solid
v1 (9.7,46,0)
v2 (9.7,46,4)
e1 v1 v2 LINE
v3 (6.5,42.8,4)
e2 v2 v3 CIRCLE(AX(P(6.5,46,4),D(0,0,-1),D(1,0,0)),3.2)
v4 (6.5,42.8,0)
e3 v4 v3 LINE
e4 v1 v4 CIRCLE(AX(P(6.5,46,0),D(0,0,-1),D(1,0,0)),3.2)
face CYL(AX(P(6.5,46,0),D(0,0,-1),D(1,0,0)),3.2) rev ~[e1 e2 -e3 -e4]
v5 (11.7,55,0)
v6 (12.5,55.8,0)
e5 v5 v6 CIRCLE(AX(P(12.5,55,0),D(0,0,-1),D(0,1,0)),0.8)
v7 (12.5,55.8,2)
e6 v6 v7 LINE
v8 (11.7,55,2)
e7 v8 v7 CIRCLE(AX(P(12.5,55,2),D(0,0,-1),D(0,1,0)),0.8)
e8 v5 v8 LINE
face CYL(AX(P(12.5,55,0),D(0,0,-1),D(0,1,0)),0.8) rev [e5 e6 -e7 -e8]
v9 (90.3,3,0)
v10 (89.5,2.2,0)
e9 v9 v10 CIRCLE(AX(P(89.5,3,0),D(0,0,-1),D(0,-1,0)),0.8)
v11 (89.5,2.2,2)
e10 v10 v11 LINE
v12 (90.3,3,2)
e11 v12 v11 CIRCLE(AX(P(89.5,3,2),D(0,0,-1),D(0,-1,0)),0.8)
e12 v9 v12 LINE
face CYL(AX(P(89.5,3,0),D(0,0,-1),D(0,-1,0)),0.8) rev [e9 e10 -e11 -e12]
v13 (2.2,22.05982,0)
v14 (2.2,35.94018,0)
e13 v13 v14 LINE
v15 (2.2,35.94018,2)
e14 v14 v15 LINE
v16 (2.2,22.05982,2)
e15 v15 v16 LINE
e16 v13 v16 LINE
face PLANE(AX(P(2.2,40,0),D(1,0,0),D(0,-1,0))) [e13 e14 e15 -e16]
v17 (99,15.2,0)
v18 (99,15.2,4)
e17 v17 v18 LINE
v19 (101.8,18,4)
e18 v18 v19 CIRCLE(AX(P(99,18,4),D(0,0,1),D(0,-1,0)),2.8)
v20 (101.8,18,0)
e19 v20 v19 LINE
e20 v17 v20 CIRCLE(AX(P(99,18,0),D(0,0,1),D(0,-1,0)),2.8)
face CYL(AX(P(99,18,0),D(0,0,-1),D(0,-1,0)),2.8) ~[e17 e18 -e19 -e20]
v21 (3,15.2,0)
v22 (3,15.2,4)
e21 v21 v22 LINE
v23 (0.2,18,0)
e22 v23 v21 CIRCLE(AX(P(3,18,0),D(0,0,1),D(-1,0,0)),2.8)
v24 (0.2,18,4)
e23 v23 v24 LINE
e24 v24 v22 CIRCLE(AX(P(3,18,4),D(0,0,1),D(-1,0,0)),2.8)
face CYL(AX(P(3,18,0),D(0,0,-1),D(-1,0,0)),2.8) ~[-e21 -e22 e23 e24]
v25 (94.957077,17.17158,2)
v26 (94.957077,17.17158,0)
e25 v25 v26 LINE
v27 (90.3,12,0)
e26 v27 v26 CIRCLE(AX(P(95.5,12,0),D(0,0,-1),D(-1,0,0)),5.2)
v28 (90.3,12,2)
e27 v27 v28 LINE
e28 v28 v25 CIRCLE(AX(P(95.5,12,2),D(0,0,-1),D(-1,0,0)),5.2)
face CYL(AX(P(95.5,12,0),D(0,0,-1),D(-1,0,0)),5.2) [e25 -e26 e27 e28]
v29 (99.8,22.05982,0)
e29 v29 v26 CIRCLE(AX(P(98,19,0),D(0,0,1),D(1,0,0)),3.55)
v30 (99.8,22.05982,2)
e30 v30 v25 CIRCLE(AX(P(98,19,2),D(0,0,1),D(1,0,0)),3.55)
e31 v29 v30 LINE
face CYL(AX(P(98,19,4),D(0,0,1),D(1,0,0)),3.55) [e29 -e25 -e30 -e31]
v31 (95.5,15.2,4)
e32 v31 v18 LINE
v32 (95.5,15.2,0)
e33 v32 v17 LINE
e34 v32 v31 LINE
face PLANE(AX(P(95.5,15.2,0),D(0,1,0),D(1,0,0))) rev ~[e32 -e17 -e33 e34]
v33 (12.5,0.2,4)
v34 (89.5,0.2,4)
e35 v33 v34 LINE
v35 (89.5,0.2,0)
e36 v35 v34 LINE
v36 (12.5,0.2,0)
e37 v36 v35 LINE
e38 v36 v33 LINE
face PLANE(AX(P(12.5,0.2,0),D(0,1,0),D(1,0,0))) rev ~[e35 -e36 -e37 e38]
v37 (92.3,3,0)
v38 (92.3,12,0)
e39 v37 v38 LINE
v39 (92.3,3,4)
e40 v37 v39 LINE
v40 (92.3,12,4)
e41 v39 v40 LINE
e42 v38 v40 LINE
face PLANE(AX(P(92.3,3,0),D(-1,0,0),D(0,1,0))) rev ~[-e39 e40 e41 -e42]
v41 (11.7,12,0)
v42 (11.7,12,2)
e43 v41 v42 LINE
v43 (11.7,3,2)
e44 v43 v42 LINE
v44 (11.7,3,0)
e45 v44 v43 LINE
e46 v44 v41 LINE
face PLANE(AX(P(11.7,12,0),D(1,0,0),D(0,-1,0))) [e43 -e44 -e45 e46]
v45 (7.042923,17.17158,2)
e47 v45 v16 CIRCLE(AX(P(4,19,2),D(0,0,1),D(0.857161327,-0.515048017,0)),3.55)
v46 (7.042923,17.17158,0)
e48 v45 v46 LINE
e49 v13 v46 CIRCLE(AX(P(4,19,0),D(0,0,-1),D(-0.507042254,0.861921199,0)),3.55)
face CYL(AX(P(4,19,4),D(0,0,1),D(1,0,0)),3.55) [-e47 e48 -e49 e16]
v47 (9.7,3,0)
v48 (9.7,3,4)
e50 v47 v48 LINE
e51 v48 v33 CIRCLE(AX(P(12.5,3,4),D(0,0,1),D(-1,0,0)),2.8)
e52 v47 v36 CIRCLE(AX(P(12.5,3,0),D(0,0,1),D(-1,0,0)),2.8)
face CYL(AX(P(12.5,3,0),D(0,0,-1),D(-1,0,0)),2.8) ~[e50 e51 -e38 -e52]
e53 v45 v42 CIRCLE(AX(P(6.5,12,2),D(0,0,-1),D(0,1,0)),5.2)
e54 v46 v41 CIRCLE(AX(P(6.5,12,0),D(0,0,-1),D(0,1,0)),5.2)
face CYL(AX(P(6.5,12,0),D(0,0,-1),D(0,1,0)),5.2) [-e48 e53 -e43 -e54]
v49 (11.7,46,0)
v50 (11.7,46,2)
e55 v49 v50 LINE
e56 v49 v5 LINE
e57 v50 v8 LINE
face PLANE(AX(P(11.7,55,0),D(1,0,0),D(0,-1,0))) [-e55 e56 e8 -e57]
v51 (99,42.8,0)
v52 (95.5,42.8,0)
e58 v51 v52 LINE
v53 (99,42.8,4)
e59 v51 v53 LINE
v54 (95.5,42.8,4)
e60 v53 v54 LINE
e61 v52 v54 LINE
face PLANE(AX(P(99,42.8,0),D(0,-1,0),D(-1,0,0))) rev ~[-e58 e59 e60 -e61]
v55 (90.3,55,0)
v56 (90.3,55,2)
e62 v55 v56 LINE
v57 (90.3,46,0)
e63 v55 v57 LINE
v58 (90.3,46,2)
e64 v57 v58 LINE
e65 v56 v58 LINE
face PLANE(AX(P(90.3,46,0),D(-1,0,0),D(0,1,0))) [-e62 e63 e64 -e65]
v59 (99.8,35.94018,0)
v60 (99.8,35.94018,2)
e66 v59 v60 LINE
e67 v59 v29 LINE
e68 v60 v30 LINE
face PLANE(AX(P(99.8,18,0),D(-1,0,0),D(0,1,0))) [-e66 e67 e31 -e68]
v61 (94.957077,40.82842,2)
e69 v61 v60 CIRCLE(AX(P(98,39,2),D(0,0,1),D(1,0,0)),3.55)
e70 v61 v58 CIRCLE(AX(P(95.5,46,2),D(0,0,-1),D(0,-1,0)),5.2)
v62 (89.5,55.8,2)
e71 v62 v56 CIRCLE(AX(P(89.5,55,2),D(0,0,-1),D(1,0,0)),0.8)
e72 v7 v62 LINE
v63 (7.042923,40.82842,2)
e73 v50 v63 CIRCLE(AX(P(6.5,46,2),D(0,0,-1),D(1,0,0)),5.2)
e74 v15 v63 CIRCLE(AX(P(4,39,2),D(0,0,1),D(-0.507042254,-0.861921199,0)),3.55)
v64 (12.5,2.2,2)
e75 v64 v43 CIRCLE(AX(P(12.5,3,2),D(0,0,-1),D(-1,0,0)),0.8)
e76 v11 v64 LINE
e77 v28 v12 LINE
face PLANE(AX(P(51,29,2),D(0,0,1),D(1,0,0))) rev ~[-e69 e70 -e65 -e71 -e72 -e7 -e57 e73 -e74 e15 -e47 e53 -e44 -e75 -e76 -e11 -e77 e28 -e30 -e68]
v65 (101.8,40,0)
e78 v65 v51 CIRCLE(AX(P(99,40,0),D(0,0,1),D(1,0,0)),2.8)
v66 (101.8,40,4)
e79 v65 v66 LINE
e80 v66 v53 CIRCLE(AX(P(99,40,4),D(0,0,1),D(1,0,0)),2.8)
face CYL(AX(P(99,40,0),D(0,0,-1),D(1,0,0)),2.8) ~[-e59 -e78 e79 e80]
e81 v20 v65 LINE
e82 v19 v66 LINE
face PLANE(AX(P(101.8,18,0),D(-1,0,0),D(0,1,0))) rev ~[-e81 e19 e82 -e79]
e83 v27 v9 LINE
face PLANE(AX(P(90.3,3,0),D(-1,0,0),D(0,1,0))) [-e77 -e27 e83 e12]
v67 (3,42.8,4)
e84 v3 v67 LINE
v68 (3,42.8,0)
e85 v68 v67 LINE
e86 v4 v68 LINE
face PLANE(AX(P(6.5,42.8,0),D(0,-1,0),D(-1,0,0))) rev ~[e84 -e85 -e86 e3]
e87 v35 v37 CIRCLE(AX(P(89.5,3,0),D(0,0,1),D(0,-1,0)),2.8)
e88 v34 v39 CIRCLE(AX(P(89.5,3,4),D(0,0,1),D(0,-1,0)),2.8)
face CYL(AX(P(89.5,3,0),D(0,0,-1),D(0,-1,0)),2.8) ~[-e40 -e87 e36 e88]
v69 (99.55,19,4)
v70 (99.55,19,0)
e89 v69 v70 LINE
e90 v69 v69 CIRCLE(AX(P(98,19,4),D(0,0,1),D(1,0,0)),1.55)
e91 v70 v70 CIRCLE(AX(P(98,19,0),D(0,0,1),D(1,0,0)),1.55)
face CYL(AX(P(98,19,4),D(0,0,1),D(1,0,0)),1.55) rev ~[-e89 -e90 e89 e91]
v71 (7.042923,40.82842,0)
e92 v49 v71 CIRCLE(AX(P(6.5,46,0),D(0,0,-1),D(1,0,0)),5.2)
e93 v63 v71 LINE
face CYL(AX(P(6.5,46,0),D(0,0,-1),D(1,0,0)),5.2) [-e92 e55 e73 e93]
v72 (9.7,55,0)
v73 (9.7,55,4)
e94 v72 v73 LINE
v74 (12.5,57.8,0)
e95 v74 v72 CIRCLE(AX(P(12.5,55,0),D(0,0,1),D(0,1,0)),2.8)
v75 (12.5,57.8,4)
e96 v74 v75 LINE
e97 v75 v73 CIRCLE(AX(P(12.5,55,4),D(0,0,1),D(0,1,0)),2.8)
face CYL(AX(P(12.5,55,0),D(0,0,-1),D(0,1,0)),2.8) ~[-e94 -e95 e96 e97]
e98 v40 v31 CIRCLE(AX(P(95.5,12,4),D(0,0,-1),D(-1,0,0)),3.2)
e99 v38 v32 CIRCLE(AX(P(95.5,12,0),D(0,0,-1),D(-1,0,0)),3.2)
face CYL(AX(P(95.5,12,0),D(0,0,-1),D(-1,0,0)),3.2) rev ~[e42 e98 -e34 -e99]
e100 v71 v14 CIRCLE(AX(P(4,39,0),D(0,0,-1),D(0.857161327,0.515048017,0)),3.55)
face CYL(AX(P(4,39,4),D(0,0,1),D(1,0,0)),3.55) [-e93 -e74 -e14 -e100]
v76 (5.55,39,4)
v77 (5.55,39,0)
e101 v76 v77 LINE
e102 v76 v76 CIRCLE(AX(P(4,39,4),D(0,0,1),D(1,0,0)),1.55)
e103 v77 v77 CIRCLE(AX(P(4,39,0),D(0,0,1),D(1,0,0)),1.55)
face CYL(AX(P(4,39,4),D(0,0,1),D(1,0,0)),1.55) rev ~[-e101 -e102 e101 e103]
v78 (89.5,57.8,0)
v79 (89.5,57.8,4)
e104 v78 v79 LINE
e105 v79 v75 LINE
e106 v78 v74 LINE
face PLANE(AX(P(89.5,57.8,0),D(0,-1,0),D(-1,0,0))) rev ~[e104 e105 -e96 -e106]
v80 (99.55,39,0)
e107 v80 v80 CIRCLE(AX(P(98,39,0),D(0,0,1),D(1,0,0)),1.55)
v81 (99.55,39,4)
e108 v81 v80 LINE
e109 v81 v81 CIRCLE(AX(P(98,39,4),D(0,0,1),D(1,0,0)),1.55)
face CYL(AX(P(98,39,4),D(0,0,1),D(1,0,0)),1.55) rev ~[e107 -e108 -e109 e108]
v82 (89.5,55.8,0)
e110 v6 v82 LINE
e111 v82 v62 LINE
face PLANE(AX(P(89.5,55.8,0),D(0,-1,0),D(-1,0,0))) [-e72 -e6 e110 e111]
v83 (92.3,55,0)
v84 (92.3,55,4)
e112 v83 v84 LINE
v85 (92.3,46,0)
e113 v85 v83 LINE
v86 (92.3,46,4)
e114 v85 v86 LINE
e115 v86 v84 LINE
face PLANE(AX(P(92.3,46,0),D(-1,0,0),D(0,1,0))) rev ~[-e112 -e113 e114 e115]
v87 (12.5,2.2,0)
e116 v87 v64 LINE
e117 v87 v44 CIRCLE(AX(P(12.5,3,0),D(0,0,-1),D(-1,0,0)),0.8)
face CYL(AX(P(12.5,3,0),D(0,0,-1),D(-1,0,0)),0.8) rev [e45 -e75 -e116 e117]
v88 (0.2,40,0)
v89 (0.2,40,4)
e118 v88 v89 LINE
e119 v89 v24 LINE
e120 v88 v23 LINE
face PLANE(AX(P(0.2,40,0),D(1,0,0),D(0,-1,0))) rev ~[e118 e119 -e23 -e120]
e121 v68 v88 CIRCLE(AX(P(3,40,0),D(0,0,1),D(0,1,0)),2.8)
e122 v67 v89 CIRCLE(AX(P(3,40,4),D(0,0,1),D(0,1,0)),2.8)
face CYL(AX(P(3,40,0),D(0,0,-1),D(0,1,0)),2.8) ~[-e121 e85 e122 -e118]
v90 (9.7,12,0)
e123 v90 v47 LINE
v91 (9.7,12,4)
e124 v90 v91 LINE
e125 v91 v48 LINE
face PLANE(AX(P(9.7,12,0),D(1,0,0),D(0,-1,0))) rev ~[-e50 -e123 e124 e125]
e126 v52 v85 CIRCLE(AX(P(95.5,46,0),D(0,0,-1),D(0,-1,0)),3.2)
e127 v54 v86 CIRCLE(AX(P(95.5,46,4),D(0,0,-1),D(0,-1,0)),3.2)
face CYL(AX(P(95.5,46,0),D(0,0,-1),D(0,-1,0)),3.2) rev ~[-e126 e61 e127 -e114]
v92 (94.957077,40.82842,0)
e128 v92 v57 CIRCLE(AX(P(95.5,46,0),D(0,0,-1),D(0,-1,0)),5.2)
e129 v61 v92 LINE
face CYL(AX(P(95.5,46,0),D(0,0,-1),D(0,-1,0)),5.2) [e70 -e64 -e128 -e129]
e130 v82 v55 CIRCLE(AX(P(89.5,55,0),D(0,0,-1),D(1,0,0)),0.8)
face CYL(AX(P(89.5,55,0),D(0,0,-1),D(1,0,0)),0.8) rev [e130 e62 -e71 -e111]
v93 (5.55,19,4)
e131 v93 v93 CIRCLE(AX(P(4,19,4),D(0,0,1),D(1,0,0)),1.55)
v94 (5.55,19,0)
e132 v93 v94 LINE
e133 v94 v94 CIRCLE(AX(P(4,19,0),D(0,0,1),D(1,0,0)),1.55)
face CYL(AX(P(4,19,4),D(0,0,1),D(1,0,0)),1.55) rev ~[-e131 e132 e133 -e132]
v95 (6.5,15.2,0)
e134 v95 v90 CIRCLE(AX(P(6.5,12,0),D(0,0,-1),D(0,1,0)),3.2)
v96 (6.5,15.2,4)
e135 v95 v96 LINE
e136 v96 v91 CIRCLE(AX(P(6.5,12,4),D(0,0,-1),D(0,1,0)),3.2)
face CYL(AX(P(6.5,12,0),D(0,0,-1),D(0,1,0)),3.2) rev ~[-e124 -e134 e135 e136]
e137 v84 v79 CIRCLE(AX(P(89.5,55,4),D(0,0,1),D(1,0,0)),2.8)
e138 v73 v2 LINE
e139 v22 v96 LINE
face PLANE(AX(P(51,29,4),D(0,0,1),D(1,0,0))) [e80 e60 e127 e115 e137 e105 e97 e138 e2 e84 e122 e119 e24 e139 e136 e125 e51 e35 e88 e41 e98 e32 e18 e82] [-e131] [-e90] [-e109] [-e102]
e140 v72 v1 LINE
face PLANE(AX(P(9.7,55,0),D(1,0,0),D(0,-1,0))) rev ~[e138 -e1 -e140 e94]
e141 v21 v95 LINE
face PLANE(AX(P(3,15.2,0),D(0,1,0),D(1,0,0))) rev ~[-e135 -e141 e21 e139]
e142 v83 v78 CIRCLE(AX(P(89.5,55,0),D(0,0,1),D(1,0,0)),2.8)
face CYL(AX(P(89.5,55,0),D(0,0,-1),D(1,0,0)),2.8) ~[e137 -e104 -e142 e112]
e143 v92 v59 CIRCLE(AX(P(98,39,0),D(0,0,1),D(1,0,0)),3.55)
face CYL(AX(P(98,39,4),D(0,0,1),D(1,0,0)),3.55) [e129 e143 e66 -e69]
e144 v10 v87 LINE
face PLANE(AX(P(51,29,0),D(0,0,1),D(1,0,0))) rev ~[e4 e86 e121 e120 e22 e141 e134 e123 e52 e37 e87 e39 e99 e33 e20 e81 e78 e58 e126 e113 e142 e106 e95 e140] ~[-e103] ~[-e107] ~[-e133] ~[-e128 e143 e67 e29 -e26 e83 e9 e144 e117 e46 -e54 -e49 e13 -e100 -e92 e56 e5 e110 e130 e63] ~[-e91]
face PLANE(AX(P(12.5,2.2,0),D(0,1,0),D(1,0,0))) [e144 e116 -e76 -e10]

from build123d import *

# Parameters (mm, degrees)
EXTRUDE_1_DEPTH     = 4
SKETCH_3_R          = 1.55
CUT_EXTRUDE_1_DEPTH = 118.132745208
SHELL_1_T           = -2


with BuildPart() as part:
    # 草图1 → 凸台-拉伸1 (new body)
    with BuildSketch(Plane.XY):
        with BuildLine():
            Line((0.2, 40), (0.2, 18))
            ThreePointArc((0.2, 18), (1.020101013, 16.020101013), (3, 15.2))
            Line((3, 15.2), (6.5, 15.2))
            ThreePointArc((6.5, 15.2), (8.7627417, 14.2627417), (9.7, 12))
            Line((9.7, 12), (9.7, 3))
            ThreePointArc((9.7, 3), (10.520101013, 1.020101013), (12.5, 0.2))
            Line((12.5, 0.2), (89.5, 0.2))
            ThreePointArc((89.5, 0.2), (91.479898987, 1.020101013), (92.3, 3))
            Line((92.3, 3), (92.3, 12))
            ThreePointArc((92.3, 12), (93.2372583, 14.2627417), (95.5, 15.2))
            Line((95.5, 15.2), (99, 15.2))
            ThreePointArc((99, 15.2), (100.979898987, 16.020101013), (101.8, 18))
            Line((101.8, 18), (101.8, 40))
            ThreePointArc((101.8, 40), (100.979898987, 41.979898987), (99, 42.8))
            Line((99, 42.8), (95.5, 42.8))
            ThreePointArc((95.5, 42.8), (93.2372583, 43.7372583), (92.3, 46))
            Line((92.3, 46), (92.3, 55))
            ThreePointArc((92.3, 55), (91.479898987, 56.979898987), (89.5, 57.8))
            Line((89.5, 57.8), (12.5, 57.8))
            ThreePointArc((12.5, 57.8), (10.520101013, 56.979898987), (9.7, 55))
            Line((9.7, 55), (9.7, 46))
            ThreePointArc((9.7, 46), (8.7627417, 43.7372583), (6.5, 42.8))
            Line((6.5, 42.8), (3, 42.8))
            ThreePointArc((3, 42.8), (1.020101013, 41.979898987), (0.2, 40))
        make_face()
    extrude(amount=EXTRUDE_1_DEPTH)

    # 草图3 → 切除-拉伸1 (cut, through all)
    with BuildSketch(Plane.XY.offset(4)):
        with Locations((4, 39)):
            Circle(SKETCH_3_R)
        with Locations((4, 19)):
            Circle(SKETCH_3_R)
        with Locations((98, 39)):
            Circle(SKETCH_3_R)
        with Locations((98, 19)):
            Circle(SKETCH_3_R)
    extrude(amount=-CUT_EXTRUDE_1_DEPTH, mode=Mode.SUBTRACT)

    # 抽壳1
    shell_1_openings = [part.faces().sort_by_distance(p)[0] for p in [
        (51, 29, 0),
    ]]
    offset(amount=SHELL_1_T, openings=shell_1_openings, kind=Kind.INTERSECTION)


solid = part.part
